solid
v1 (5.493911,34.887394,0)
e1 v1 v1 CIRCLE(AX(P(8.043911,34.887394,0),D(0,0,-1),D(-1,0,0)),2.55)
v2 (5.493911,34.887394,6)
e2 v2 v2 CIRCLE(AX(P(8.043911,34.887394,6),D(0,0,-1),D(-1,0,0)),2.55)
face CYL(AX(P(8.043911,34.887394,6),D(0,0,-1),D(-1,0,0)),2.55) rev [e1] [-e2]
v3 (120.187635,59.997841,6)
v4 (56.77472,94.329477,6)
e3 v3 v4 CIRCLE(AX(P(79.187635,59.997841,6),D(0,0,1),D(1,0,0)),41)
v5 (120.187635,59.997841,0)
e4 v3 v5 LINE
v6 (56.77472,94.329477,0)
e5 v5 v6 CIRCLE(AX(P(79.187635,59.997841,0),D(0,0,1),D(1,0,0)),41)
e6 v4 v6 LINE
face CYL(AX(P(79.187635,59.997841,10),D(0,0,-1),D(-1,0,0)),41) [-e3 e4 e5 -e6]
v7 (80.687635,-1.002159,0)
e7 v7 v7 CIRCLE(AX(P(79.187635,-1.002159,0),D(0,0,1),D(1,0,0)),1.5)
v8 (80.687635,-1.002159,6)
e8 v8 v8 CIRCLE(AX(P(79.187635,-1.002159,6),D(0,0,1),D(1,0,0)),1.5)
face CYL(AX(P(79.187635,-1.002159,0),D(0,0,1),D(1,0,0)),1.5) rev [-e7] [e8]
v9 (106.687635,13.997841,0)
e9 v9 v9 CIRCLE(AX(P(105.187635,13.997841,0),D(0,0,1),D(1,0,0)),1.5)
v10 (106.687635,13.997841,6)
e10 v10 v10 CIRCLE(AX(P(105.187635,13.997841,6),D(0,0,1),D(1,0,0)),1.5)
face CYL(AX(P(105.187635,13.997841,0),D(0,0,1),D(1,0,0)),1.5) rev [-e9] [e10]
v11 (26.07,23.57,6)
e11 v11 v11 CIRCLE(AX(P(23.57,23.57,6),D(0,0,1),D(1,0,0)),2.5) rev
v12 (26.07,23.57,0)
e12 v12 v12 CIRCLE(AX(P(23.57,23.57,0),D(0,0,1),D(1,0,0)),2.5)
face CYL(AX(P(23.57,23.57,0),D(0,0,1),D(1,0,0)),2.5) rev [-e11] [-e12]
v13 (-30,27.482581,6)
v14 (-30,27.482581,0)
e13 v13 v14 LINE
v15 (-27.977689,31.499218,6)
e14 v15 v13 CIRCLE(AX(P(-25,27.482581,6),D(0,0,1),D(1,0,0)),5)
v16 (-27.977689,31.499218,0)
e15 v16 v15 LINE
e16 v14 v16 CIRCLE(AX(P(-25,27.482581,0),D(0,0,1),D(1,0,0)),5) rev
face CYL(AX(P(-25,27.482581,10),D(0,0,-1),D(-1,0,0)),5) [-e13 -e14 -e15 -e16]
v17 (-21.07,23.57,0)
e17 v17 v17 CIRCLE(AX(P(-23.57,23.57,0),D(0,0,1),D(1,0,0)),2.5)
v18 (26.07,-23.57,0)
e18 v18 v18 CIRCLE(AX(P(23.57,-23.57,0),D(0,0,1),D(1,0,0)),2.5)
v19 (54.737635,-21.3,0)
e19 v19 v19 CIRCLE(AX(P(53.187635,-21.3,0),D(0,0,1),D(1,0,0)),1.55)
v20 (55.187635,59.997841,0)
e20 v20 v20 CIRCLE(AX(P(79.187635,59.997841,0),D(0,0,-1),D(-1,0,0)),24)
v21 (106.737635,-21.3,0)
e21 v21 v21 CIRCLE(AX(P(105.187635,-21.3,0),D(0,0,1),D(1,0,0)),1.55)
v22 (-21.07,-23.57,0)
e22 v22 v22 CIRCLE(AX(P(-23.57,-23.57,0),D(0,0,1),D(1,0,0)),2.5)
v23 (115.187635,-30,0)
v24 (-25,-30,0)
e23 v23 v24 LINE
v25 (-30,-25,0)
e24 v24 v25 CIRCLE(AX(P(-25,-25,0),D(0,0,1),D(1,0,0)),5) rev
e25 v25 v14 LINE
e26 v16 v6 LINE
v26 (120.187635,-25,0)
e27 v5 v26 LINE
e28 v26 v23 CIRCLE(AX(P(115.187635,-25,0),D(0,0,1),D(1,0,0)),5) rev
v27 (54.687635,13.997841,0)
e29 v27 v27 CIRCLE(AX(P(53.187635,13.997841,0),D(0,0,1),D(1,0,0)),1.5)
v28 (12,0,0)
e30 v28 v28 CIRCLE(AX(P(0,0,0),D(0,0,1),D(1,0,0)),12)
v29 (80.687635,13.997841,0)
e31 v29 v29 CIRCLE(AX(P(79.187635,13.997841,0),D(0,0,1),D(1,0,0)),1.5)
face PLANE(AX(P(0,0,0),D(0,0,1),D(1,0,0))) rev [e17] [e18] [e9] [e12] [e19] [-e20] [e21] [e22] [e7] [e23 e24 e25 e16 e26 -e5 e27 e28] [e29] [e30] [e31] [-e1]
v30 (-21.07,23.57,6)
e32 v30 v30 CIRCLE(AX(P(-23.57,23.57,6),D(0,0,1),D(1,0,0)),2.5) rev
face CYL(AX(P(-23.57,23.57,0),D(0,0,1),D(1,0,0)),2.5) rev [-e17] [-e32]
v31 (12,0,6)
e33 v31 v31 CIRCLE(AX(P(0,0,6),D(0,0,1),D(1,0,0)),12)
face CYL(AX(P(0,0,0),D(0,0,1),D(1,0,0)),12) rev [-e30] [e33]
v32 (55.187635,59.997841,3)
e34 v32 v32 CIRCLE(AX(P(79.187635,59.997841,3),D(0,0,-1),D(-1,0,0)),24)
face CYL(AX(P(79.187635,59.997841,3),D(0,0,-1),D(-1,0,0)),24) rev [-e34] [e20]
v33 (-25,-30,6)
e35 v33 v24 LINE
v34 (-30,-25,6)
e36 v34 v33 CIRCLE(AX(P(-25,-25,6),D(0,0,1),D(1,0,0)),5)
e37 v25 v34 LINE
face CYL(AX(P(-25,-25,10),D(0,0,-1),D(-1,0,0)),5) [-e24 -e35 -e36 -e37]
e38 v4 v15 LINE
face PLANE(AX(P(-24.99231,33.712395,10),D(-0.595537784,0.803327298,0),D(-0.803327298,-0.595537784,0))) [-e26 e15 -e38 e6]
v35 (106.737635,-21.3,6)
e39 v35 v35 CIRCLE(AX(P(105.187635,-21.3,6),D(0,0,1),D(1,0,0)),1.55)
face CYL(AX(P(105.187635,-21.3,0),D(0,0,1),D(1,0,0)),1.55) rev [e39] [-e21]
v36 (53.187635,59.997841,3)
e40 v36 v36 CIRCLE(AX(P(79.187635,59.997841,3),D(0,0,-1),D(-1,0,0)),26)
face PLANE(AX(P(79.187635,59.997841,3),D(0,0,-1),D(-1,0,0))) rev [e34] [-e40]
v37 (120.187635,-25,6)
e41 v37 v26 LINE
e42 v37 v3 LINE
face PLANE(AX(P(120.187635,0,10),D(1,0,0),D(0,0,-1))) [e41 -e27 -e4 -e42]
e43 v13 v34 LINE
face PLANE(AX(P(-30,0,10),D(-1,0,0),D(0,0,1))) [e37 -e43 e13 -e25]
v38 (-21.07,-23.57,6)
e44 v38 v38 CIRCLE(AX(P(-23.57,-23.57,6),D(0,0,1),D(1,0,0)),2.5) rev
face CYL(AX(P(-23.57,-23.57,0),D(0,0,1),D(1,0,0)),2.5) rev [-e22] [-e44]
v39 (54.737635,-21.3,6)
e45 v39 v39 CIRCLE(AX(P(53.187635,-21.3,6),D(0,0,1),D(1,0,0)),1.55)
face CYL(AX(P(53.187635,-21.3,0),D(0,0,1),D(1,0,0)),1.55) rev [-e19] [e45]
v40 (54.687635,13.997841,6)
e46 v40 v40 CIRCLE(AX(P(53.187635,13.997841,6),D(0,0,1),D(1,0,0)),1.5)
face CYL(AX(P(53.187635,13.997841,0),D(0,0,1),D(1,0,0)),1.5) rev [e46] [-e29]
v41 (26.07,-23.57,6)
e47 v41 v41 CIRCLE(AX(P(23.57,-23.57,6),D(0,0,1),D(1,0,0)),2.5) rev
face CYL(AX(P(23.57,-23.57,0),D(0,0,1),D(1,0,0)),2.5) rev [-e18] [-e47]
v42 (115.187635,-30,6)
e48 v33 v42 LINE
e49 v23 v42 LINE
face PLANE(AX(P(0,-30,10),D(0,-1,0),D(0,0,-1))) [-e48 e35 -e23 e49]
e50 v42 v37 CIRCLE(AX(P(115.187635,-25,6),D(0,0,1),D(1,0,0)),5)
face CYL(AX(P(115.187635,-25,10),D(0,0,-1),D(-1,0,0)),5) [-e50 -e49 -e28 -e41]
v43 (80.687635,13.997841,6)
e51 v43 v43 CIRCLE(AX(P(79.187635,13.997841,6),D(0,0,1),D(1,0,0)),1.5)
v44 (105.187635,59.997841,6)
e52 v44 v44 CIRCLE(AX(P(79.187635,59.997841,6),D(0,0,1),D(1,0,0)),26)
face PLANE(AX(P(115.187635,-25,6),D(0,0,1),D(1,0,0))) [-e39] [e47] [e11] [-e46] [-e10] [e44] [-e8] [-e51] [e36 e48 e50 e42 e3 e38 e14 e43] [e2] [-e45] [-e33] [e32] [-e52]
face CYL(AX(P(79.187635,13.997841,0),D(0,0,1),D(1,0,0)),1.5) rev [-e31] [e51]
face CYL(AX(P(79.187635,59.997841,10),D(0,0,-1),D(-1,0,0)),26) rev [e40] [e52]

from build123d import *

# Parameters (mm, degrees)
SKETCH1_W           = 60
SKETCH1_H           = 60
SKETCH1_R           = 4
SKETCH1_R_2         = 26
BOSS_EXTRUDE1_DEPTH = 10
FILLET1_R           = 5
SKETCH3_R           = 26
SKETCH3_R_2         = 24
BOSS_EXTRUDE2_DEPTH = 3
SKETCH4_R           = 20
CUT_EXTRUDE1_DEPTH  = 1.6
SKETCH5_R           = 8
CUT_EXTRUDE2_DEPTH  = 158.213840184
SKETCH6_R           = 2.5
CUT_EXTRUDE3_DEPTH  = 158.307442752
SKETCH8_R           = 12
CUT_EXTRUDE5_DEPTH  = 158.213840184
SKETCH9_R           = 12
CUT_EXTRUDE6_DEPTH  = 4
SKETCH10_R          = 1.5
CUT_EXTRUDE7_DEPTH  = 158.103887747
SKETCH11_R          = 1.55
CUT_EXTRUDE8_DEPTH  = 158.103887747
SKETCH12_R          = 1.5
BOSS_EXTRUDE3_DEPTH = 6
SKETCH13_R          = 2.55
CUT_EXTRUDE9_DEPTH  = 158.103887747


with BuildPart() as part:
    # Sketch1 → Boss-Extrude1 (new body)
    # profile 1 of 3: a face of its own
    with BuildSketch(Plane.XY):
        with BuildLine():
            Line((52.853069415, 91.422204295), (-30, 30))
            Line((-30, 30), (30, 30))
            Line((30, 30), (30, -30))
            Line((30, -30), (120.187635495, -30))
            Line((120.187635495, -30), (120.187635495, 59.997840668))
            ThreePointArc((120.187635495, 59.997840668), (61.848621816, 22.844663083), (52.853069415, 91.422204295))
        make_face()
    # profile 2 of 3: a face of its own
    with BuildSketch(Plane.XY):
        Rectangle(SKETCH1_W, SKETCH1_H)
        Circle(SKETCH1_R, mode=Mode.SUBTRACT)
    # profile 3 of 3: a face of its own
    with BuildSketch(Plane.XY):
        with BuildLine():
            Line((56.774720343, 94.329476725), (52.853069415, 91.422204295))
            ThreePointArc((52.853069415, 91.422204295), (61.848621816, 22.844663083), (120.187635495, 59.997840668))
            ThreePointArc((120.187635495, 59.997840668), (98.707759454, 96.052864736), (56.774720343, 94.329476725))
        make_face()
        with Locations((79.187635495, 59.997840668)):
            Circle(SKETCH1_R_2, mode=Mode.SUBTRACT)
    extrude(amount=BOSS_EXTRUDE1_DEPTH)

    # Fillet1
    fillet1_edges = [part.edges().sort_by_distance(p)[0] for p in [
        (120.187635495, -30, 5),
        (-30, -30, 5),
        (-30, 30, 5),
    ]]
    fillet(fillet1_edges, radius=FILLET1_R)

    # Sketch3 → Boss-Extrude2 (add)
    with BuildSketch(Plane(origin=(0, 0, 0), x_dir=(-1, 0, 0), z_dir=(0, 0, -1))):
        with Locations((-79.187635495, 59.997840668)):
            Circle(SKETCH3_R)
        with Locations((-79.187635495, 59.997840668)):
            Circle(SKETCH3_R_2, mode=Mode.SUBTRACT)
    extrude(amount=-BOSS_EXTRUDE2_DEPTH)

    # Sketch4 → Cut-Extrude1 (cut)
    with BuildSketch(Plane.XY.offset(10)):
        Circle(SKETCH4_R)
    extrude(amount=-CUT_EXTRUDE1_DEPTH, mode=Mode.SUBTRACT)

    # Sketch5 → Cut-Extrude2 (cut, through all)
    with BuildSketch(Plane.XY.offset(8.4)):
        Circle(SKETCH5_R)
    extrude(amount=-CUT_EXTRUDE2_DEPTH, mode=Mode.SUBTRACT)

    # Sketch6 → Cut-Extrude3 (cut, through all)
    with BuildSketch(Plane.XY.offset(10)):
        with Locations((23.57, 23.57)):
            Circle(SKETCH6_R)
        with Locations((-23.57, 23.57)):
            Circle(SKETCH6_R)
        with Locations((-23.57, -23.57)):
            Circle(SKETCH6_R)
        with Locations((23.57, -23.57)):
            Circle(SKETCH6_R)
    extrude(amount=-CUT_EXTRUDE3_DEPTH, mode=Mode.SUBTRACT)

    # Sketch8 → Cut-Extrude5 (cut, through all)
    with BuildSketch(Plane.XY.offset(8.4)):
        Circle(SKETCH8_R)
    extrude(amount=-CUT_EXTRUDE5_DEPTH, mode=Mode.SUBTRACT)

    # Sketch9 → Cut-Extrude6 (cut)
    with BuildSketch(Plane.XY.offset(10)):
        with BuildLine():
            Line((-25, -30), (115.187635495, -30))
            ThreePointArc((115.187635495, -30), (118.723169401, -28.535533906), (120.187635495, -25))
            Line((120.187635495, -25), (120.187635495, 59.997840668))
            ThreePointArc((120.187635495, 59.997840668), (98.707759454, 96.052864736), (56.774720343, 94.329476725))
            Line((56.774720343, 94.329476725), (-27.977688922, 31.499217893))
            ThreePointArc((-27.977688922, 31.499217893), (-29.465895465, 29.731087062), (-30, 27.482581404))
            Line((-30, 27.482581404), (-30, -25))
            ThreePointArc((-30, -25), (-28.535533906, -28.535533906), (-25, -30))
        make_face()
        Circle(SKETCH9_R, mode=Mode.SUBTRACT)
    extrude(amount=-CUT_EXTRUDE6_DEPTH, mode=Mode.SUBTRACT)

    # Sketch10 → Cut-Extrude7 (cut, through all)
    with BuildSketch(Plane.XY.offset(6)):
        with Locations((53.187635495, -16.002159332)):
            Circle(SKETCH10_R)
        with Locations((105.187635495, -16.002159332)):
            Circle(SKETCH10_R)
        with Locations((105.187635495, 13.997840668)):
            Circle(SKETCH10_R)
        with Locations((79.187635495, -1.002159332)):
            Circle(SKETCH10_R)
        with Locations((53.187635495, 13.997840668)):
            Circle(SKETCH10_R)
        with Locations((79.187635495, 13.997840668)):
            Circle(SKETCH10_R)
    extrude(amount=-CUT_EXTRUDE7_DEPTH, mode=Mode.SUBTRACT)

    # Sketch11 → Cut-Extrude8 (cut, through all)
    with BuildSketch(Plane.XY.offset(6)):
        with Locations((53.187635495, -21.3)):
            Circle(SKETCH11_R)
        with Locations((105.187635495, -21.3)):
            Circle(SKETCH11_R)
    extrude(amount=-CUT_EXTRUDE8_DEPTH, mode=Mode.SUBTRACT)

    # Sketch12 → Boss-Extrude3 (add)
    with BuildSketch(Plane.XY.offset(6)):
        with Locations((53.187635495, -16.002159332)):
            Circle(SKETCH12_R)
        with Locations((105.187635495, -16.002159332)):
            Circle(SKETCH12_R)
    extrude(amount=-BOSS_EXTRUDE3_DEPTH)

    # Sketch13 → Cut-Extrude9 (cut, through all)
    with BuildSketch(Plane(origin=(0, 0, 0), x_dir=(-1, 0, 0), z_dir=(0, 0, -1))):
        with Locations((-8.043910978, 34.887394427)):
            Circle(SKETCH13_R)
    extrude(amount=-CUT_EXTRUDE9_DEPTH, mode=Mode.SUBTRACT)


solid = part.part
